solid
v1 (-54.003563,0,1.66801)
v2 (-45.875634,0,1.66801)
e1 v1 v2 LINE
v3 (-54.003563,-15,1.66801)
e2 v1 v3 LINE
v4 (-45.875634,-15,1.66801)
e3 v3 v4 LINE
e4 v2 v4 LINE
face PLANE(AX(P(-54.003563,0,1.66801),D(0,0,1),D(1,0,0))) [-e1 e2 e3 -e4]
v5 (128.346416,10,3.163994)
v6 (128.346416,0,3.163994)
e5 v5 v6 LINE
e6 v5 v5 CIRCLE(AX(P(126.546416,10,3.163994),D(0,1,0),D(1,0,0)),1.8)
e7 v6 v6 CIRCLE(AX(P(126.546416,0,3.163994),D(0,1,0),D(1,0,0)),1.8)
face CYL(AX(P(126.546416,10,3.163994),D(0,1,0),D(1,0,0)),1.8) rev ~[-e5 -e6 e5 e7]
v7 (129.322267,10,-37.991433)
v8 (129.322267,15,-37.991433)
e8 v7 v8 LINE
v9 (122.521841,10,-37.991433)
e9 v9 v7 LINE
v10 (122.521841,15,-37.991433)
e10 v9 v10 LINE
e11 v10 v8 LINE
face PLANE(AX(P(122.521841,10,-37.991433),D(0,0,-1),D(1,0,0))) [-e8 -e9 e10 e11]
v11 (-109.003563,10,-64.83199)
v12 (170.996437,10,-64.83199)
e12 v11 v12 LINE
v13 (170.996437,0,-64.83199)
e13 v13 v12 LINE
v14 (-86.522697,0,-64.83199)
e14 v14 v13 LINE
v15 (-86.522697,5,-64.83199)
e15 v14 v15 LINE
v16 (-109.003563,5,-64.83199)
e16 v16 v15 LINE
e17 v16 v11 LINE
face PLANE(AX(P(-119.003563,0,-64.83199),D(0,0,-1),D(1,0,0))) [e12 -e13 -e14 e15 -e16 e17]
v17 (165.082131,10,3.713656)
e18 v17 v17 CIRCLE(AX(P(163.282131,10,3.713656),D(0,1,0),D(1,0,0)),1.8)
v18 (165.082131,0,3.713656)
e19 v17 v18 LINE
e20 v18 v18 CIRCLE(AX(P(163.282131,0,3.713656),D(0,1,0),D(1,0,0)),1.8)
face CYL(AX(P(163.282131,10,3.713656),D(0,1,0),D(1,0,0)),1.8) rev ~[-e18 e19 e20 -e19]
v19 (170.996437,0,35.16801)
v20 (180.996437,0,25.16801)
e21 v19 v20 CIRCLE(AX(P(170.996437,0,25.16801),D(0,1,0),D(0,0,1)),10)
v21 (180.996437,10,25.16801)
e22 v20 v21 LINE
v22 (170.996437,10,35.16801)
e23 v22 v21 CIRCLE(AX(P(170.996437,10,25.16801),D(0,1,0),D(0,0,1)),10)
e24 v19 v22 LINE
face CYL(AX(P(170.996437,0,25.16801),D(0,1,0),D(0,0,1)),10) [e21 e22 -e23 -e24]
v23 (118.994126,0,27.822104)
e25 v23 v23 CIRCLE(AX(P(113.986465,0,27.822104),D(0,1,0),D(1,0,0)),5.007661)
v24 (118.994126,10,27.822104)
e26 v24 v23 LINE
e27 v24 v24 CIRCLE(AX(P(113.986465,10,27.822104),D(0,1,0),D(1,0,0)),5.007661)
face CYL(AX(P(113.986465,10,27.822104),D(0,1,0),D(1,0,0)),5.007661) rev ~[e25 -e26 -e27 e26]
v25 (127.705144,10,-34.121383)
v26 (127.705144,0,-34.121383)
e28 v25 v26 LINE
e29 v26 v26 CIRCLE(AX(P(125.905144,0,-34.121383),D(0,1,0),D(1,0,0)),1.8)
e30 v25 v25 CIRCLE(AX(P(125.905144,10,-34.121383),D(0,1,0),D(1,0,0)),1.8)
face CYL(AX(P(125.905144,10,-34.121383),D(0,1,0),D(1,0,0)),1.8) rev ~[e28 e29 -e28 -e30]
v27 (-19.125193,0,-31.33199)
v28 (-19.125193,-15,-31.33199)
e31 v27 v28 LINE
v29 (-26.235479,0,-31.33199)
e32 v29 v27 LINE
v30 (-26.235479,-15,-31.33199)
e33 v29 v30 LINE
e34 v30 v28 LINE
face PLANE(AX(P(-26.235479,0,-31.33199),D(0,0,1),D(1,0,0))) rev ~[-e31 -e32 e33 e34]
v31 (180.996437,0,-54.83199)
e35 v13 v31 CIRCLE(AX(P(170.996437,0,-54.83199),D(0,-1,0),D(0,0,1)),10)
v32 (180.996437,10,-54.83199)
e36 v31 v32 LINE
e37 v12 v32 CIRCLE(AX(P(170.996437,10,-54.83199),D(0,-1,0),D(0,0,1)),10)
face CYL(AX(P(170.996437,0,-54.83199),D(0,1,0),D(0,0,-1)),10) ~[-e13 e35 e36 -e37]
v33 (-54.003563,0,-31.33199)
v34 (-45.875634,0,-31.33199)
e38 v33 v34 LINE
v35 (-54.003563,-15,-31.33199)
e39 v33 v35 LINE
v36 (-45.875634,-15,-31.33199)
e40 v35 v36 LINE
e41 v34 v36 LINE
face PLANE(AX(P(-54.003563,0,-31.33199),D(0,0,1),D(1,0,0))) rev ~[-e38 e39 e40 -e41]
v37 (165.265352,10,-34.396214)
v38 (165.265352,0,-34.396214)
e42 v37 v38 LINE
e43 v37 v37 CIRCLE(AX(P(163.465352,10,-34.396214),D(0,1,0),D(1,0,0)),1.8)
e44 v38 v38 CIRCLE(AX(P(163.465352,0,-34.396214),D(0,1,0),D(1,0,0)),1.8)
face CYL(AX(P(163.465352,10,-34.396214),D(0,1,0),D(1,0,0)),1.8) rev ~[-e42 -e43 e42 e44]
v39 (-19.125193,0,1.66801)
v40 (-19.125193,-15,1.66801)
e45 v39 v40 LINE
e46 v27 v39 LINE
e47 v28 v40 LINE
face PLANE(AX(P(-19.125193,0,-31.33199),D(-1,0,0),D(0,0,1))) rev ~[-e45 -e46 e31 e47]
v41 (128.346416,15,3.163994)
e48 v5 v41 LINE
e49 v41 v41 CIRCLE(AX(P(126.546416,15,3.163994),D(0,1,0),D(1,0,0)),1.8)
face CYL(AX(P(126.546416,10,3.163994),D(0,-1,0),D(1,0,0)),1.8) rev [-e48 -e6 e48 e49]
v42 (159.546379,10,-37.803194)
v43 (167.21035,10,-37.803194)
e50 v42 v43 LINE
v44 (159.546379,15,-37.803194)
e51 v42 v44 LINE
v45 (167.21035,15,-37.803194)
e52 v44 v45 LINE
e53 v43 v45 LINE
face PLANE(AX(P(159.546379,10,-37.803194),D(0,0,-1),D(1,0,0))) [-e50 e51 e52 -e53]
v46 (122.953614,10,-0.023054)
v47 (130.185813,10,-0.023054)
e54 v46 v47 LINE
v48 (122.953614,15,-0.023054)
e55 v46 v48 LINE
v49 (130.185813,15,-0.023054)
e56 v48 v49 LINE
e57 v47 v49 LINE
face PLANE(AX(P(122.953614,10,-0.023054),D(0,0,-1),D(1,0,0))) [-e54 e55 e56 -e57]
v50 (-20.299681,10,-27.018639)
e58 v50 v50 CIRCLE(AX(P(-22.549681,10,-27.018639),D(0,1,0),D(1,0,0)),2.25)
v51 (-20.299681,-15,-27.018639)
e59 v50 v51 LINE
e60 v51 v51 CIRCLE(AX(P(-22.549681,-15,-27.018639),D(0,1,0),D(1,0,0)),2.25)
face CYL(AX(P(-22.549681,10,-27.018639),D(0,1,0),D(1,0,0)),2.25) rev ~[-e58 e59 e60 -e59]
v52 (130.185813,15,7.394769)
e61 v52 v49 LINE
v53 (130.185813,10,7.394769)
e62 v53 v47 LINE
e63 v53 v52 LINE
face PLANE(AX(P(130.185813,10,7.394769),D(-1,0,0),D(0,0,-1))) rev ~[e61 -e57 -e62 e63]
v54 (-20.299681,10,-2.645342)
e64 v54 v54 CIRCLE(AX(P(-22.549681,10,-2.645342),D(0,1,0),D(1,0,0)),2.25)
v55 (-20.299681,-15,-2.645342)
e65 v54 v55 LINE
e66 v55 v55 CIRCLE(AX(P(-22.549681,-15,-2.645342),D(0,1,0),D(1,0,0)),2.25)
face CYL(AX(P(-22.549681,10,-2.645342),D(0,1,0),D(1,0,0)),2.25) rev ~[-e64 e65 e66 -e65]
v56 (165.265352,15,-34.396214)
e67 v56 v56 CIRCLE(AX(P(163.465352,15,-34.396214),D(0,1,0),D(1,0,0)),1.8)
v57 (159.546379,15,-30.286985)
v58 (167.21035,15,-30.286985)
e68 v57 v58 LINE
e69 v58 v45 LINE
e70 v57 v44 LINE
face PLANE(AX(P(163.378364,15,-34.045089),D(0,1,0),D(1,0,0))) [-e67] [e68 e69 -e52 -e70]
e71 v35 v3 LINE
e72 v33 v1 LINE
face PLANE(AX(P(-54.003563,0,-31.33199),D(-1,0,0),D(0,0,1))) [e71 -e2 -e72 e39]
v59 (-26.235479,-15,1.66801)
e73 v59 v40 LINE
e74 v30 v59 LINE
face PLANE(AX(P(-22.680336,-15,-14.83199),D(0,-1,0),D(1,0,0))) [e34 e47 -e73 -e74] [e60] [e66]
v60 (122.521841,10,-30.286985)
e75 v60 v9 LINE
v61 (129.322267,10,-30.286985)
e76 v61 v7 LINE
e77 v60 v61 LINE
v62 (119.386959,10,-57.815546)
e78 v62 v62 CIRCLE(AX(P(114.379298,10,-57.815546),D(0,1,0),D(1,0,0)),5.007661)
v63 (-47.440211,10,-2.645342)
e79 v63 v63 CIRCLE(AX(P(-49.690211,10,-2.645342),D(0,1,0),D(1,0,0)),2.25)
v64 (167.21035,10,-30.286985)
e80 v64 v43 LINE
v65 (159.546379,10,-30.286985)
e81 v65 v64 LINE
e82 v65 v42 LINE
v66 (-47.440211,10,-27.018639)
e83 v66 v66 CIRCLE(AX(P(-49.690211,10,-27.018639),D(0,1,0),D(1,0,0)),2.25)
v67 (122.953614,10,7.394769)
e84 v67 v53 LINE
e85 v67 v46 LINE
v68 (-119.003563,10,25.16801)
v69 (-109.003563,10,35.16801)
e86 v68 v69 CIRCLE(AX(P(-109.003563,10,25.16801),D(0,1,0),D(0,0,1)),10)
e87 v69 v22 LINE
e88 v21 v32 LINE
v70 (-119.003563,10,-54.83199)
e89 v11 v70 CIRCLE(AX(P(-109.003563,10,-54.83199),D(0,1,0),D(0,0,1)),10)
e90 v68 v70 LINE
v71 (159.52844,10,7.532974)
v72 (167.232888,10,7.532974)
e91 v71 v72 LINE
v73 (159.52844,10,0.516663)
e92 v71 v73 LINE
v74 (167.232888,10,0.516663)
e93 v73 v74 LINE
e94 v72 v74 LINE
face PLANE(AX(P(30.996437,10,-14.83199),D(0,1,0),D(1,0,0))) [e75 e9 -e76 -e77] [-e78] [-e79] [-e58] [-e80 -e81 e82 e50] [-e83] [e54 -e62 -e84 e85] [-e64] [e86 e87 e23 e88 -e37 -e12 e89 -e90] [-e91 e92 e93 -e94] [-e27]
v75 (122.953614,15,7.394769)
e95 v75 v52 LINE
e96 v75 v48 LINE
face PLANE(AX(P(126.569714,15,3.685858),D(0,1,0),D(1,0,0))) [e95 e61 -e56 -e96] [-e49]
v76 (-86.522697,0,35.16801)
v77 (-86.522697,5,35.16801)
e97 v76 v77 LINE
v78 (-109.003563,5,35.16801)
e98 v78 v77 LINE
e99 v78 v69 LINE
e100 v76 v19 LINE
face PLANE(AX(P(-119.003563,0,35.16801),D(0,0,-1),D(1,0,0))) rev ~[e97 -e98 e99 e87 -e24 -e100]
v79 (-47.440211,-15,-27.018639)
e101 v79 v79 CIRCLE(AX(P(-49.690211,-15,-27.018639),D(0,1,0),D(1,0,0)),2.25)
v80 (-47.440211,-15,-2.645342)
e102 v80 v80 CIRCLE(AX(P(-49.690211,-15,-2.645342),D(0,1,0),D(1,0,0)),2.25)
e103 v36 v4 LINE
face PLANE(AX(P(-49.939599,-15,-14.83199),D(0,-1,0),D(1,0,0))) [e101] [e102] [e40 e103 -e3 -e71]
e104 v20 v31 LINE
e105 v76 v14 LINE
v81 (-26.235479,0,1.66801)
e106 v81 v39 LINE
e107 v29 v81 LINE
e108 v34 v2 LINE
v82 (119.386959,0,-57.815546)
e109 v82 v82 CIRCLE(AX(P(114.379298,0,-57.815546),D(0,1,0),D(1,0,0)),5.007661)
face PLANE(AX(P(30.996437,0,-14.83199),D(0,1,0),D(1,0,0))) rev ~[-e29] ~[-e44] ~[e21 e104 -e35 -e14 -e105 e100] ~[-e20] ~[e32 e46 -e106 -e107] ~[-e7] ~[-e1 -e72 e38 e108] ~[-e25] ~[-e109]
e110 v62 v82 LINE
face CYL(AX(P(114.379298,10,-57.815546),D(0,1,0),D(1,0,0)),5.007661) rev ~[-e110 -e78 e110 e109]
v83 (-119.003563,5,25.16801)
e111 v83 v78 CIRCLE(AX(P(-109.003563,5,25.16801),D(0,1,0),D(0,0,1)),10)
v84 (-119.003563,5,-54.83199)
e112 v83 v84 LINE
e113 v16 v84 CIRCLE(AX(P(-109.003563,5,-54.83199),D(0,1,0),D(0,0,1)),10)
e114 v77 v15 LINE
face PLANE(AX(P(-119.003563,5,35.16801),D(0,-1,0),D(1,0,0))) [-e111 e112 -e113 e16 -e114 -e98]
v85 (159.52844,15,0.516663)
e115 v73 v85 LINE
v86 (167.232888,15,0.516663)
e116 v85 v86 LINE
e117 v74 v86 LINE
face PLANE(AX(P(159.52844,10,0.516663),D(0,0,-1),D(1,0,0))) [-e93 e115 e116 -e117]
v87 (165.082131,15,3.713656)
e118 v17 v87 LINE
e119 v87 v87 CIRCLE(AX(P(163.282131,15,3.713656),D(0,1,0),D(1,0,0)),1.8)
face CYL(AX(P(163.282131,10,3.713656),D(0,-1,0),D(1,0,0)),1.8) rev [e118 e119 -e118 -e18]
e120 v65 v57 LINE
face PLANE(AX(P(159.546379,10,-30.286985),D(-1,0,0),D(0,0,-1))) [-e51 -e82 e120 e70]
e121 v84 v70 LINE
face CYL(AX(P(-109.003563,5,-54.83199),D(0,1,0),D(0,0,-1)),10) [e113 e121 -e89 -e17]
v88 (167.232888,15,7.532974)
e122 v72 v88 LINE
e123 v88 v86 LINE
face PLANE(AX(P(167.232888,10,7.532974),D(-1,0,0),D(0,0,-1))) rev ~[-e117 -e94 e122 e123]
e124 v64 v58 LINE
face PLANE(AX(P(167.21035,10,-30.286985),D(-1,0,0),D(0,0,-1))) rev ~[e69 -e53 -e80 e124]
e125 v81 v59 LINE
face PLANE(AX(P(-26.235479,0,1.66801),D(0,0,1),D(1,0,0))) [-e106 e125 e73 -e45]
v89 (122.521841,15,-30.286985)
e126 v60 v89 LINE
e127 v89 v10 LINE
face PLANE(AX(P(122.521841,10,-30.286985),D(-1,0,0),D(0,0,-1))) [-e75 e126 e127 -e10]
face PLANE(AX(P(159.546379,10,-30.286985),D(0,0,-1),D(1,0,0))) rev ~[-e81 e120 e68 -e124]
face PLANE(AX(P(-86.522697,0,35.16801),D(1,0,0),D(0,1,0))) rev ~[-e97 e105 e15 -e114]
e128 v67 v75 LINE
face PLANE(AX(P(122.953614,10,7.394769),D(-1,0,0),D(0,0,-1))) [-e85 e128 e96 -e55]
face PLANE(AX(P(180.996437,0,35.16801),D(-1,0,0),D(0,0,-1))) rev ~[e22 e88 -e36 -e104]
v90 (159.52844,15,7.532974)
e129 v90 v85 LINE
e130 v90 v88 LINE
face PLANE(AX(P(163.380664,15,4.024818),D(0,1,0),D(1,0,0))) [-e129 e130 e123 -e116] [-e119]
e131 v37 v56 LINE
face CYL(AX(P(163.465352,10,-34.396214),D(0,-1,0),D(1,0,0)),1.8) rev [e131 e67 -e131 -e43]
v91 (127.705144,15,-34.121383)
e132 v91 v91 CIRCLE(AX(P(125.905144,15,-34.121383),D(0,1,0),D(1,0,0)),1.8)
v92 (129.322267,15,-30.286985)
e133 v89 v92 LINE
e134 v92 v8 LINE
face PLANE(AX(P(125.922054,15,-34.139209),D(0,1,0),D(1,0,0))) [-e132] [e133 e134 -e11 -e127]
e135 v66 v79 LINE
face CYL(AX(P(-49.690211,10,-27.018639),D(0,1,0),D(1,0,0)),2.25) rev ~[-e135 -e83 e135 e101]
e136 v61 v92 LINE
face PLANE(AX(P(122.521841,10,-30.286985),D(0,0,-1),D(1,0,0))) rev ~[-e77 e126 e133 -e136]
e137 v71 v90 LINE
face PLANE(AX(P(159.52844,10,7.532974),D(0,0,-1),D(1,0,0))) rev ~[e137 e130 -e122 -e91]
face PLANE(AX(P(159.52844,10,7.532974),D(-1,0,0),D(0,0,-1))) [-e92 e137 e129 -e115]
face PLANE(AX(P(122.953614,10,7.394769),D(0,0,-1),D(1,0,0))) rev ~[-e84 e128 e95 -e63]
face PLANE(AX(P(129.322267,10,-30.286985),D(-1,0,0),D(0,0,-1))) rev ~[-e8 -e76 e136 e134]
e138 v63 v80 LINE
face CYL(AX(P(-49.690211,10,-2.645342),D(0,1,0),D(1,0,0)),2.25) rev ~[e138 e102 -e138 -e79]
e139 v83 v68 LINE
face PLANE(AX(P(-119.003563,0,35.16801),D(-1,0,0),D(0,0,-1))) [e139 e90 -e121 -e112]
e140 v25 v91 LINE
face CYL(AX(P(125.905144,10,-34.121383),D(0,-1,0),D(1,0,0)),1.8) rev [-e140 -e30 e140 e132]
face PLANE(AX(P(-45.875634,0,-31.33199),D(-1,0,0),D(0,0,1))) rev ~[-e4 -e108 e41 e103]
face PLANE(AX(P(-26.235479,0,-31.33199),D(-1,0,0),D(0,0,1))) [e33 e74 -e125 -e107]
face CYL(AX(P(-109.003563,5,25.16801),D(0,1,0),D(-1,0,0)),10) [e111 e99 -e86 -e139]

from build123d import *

# Parameters (mm, degrees)
SKETCH2_W               = 300
SKETCH2_H               = 100
BOSS_EXTRUDE1_DEPTH     = 10
SKETCH3_W               = 32.480865485
SKETCH3_H               = 5
CUT_EXTRUDE4_DEPTH      = 100
FILLET2_R               = 10
FILLET3_R               = 10
SKETCH6_R               = 1.8
CUT_EXTRUDE11_DEPTH     = 100
SKETCH10_W              = 6.800425214
SKETCH10_H              = 7.704447869
SKETCH10_R              = 1.8
SKETCH10_W_2            = 7.232198243
SKETCH10_H_2            = 7.417822841
SKETCH10_W_3            = 7.704447868
SKETCH10_H_3            = 7.016311729
SKETCH10_W_4            = 7.663971273
SKETCH10_H_4            = 7.516208799
BOSS_EXTRUDE3_DEPTH     = 5
SKETCH11_R              = 5.007661082
CUT_EXTRUDE13_DEPTH     = 30
CROQUIS2_W              = 7.110286561
CROQUIS2_H              = 33
CROQUIS2_W_2            = 8.127928254
SALIENTE_EXTRUIR1_DEPTH = 15
SKETCH8_R               = 2.25
CORTAR_EXTRUIR1_DEPTH   = 50


with BuildPart() as part:
    # Sketch2 → Boss-Extrude1 (new body)
    with BuildSketch(Plane(origin=(0, 0, 0), x_dir=(1, 0, 0), z_dir=(0, 1, 0))):
        with Locations((30.996437266, 14.831990454)):
            Rectangle(SKETCH2_W, SKETCH2_H)
    extrude(amount=BOSS_EXTRUDE1_DEPTH)

    # Sketch3 → Cut-Extrude4 (cut)
    with BuildSketch(Plane.XY.offset(35.168009546)):
        with Locations((-102.763129992, 2.5)):
            Rectangle(SKETCH3_W, SKETCH3_H)
    extrude(amount=-CUT_EXTRUDE4_DEPTH, mode=Mode.SUBTRACT)

    # Fillet2
    fillet2_edges = [part.edges().sort_by_distance(p)[0] for p in [
        (180.996437266, 5, -64.831990454),
        (180.996437266, 5, 35.168009546),
    ]]
    fillet(fillet2_edges, radius=FILLET2_R)

    # Fillet3
    fillet3_edges = [part.edges().sort_by_distance(p)[0] for p in [
        (-119.003562734, 7.5, -64.831990454),
        (-119.003562734, 7.5, 35.168009546),
    ]]
    fillet(fillet3_edges, radius=FILLET3_R)

    # Sketch6 → Cut-Extrude11 (cut)
    with BuildSketch(Plane(origin=(0, 10, 0), x_dir=(1, 0, 0), z_dir=(0, 1, 0))):
        with Locations((125.905144225, 34.121382773)):
            Circle(SKETCH6_R)
        with Locations((126.546416062, -3.163994016)):
            Circle(SKETCH6_R)
        with Locations((163.282131276, -3.71365559)):
            Circle(SKETCH6_R)
        with Locations((163.465351801, 34.39621356)):
            Circle(SKETCH6_R)
    extrude(amount=-CUT_EXTRUDE11_DEPTH, mode=Mode.SUBTRACT)

    # Sketch10 → Boss-Extrude3 (add)
    with BuildSketch(Plane(origin=(0, 10, 0), x_dir=(1, 0, 0), z_dir=(0, 1, 0))):
        with Locations((125.922054042, 34.139208999)):
            Rectangle(SKETCH10_W, SKETCH10_H)
        with Locations((125.905144225, 34.121382773)):
            Circle(SKETCH10_R, mode=Mode.SUBTRACT)
        with Locations((126.569713587, -3.685857636)):
            Rectangle(SKETCH10_W_2, SKETCH10_H_2)
        with Locations((126.546416062, -3.163994016)):
            Circle(SKETCH10_R, mode=Mode.SUBTRACT)
        with Locations((163.380664231, -4.024818367)):
            Rectangle(SKETCH10_W_3, SKETCH10_H_3)
        with Locations((163.282131276, -3.71365559)):
            Circle(SKETCH10_R, mode=Mode.SUBTRACT)
        with Locations((163.378364349, 34.045089464)):
            Rectangle(SKETCH10_W_4, SKETCH10_H_4)
        with Locations((163.465351801, 34.39621356)):
            Circle(SKETCH10_R, mode=Mode.SUBTRACT)
    extrude(amount=BOSS_EXTRUDE3_DEPTH)

    # Sketch11 → Cut-Extrude13 (cut)
    with BuildSketch(Plane(origin=(0, 10, 0), x_dir=(1, 0, 0), z_dir=(0, 1, 0))):
        with Locations((114.379298218, 57.815546059)):
            Circle(SKETCH11_R)
        with Locations((113.986464963, -27.822103537)):
            Circle(SKETCH11_R)
    extrude(amount=-CUT_EXTRUDE13_DEPTH, mode=Mode.SUBTRACT)

    # Croquis2 → Saliente-Extruir1 (add)
    with BuildSketch(Plane.XZ):
        with Locations((-22.680335873, -14.831990454)):
            Rectangle(CROQUIS2_W, CROQUIS2_H)
        with Locations((-49.939598607, -14.831990454)):
            Rectangle(CROQUIS2_W_2, CROQUIS2_H)
    extrude(amount=SALIENTE_EXTRUIR1_DEPTH)

    # Sketch8 → Cortar-Extruir1 (cut)
    with BuildSketch(Plane(origin=(0, 10, 0), x_dir=(1, 0, 0), z_dir=(0, 1, 0))):
        with Locations((-49.690211369, 27.018639088)):
            Circle(SKETCH8_R)
        with Locations((-49.690211369, 2.645341819)):
            Circle(SKETCH8_R)
        with Locations((-22.549681442, 27.018639088)):
            Circle(SKETCH8_R)
        with Locations((-22.549681442, 2.645341819)):
            Circle(SKETCH8_R)
    extrude(amount=-CORTAR_EXTRUIR1_DEPTH, mode=Mode.SUBTRACT)


solid = part.part
